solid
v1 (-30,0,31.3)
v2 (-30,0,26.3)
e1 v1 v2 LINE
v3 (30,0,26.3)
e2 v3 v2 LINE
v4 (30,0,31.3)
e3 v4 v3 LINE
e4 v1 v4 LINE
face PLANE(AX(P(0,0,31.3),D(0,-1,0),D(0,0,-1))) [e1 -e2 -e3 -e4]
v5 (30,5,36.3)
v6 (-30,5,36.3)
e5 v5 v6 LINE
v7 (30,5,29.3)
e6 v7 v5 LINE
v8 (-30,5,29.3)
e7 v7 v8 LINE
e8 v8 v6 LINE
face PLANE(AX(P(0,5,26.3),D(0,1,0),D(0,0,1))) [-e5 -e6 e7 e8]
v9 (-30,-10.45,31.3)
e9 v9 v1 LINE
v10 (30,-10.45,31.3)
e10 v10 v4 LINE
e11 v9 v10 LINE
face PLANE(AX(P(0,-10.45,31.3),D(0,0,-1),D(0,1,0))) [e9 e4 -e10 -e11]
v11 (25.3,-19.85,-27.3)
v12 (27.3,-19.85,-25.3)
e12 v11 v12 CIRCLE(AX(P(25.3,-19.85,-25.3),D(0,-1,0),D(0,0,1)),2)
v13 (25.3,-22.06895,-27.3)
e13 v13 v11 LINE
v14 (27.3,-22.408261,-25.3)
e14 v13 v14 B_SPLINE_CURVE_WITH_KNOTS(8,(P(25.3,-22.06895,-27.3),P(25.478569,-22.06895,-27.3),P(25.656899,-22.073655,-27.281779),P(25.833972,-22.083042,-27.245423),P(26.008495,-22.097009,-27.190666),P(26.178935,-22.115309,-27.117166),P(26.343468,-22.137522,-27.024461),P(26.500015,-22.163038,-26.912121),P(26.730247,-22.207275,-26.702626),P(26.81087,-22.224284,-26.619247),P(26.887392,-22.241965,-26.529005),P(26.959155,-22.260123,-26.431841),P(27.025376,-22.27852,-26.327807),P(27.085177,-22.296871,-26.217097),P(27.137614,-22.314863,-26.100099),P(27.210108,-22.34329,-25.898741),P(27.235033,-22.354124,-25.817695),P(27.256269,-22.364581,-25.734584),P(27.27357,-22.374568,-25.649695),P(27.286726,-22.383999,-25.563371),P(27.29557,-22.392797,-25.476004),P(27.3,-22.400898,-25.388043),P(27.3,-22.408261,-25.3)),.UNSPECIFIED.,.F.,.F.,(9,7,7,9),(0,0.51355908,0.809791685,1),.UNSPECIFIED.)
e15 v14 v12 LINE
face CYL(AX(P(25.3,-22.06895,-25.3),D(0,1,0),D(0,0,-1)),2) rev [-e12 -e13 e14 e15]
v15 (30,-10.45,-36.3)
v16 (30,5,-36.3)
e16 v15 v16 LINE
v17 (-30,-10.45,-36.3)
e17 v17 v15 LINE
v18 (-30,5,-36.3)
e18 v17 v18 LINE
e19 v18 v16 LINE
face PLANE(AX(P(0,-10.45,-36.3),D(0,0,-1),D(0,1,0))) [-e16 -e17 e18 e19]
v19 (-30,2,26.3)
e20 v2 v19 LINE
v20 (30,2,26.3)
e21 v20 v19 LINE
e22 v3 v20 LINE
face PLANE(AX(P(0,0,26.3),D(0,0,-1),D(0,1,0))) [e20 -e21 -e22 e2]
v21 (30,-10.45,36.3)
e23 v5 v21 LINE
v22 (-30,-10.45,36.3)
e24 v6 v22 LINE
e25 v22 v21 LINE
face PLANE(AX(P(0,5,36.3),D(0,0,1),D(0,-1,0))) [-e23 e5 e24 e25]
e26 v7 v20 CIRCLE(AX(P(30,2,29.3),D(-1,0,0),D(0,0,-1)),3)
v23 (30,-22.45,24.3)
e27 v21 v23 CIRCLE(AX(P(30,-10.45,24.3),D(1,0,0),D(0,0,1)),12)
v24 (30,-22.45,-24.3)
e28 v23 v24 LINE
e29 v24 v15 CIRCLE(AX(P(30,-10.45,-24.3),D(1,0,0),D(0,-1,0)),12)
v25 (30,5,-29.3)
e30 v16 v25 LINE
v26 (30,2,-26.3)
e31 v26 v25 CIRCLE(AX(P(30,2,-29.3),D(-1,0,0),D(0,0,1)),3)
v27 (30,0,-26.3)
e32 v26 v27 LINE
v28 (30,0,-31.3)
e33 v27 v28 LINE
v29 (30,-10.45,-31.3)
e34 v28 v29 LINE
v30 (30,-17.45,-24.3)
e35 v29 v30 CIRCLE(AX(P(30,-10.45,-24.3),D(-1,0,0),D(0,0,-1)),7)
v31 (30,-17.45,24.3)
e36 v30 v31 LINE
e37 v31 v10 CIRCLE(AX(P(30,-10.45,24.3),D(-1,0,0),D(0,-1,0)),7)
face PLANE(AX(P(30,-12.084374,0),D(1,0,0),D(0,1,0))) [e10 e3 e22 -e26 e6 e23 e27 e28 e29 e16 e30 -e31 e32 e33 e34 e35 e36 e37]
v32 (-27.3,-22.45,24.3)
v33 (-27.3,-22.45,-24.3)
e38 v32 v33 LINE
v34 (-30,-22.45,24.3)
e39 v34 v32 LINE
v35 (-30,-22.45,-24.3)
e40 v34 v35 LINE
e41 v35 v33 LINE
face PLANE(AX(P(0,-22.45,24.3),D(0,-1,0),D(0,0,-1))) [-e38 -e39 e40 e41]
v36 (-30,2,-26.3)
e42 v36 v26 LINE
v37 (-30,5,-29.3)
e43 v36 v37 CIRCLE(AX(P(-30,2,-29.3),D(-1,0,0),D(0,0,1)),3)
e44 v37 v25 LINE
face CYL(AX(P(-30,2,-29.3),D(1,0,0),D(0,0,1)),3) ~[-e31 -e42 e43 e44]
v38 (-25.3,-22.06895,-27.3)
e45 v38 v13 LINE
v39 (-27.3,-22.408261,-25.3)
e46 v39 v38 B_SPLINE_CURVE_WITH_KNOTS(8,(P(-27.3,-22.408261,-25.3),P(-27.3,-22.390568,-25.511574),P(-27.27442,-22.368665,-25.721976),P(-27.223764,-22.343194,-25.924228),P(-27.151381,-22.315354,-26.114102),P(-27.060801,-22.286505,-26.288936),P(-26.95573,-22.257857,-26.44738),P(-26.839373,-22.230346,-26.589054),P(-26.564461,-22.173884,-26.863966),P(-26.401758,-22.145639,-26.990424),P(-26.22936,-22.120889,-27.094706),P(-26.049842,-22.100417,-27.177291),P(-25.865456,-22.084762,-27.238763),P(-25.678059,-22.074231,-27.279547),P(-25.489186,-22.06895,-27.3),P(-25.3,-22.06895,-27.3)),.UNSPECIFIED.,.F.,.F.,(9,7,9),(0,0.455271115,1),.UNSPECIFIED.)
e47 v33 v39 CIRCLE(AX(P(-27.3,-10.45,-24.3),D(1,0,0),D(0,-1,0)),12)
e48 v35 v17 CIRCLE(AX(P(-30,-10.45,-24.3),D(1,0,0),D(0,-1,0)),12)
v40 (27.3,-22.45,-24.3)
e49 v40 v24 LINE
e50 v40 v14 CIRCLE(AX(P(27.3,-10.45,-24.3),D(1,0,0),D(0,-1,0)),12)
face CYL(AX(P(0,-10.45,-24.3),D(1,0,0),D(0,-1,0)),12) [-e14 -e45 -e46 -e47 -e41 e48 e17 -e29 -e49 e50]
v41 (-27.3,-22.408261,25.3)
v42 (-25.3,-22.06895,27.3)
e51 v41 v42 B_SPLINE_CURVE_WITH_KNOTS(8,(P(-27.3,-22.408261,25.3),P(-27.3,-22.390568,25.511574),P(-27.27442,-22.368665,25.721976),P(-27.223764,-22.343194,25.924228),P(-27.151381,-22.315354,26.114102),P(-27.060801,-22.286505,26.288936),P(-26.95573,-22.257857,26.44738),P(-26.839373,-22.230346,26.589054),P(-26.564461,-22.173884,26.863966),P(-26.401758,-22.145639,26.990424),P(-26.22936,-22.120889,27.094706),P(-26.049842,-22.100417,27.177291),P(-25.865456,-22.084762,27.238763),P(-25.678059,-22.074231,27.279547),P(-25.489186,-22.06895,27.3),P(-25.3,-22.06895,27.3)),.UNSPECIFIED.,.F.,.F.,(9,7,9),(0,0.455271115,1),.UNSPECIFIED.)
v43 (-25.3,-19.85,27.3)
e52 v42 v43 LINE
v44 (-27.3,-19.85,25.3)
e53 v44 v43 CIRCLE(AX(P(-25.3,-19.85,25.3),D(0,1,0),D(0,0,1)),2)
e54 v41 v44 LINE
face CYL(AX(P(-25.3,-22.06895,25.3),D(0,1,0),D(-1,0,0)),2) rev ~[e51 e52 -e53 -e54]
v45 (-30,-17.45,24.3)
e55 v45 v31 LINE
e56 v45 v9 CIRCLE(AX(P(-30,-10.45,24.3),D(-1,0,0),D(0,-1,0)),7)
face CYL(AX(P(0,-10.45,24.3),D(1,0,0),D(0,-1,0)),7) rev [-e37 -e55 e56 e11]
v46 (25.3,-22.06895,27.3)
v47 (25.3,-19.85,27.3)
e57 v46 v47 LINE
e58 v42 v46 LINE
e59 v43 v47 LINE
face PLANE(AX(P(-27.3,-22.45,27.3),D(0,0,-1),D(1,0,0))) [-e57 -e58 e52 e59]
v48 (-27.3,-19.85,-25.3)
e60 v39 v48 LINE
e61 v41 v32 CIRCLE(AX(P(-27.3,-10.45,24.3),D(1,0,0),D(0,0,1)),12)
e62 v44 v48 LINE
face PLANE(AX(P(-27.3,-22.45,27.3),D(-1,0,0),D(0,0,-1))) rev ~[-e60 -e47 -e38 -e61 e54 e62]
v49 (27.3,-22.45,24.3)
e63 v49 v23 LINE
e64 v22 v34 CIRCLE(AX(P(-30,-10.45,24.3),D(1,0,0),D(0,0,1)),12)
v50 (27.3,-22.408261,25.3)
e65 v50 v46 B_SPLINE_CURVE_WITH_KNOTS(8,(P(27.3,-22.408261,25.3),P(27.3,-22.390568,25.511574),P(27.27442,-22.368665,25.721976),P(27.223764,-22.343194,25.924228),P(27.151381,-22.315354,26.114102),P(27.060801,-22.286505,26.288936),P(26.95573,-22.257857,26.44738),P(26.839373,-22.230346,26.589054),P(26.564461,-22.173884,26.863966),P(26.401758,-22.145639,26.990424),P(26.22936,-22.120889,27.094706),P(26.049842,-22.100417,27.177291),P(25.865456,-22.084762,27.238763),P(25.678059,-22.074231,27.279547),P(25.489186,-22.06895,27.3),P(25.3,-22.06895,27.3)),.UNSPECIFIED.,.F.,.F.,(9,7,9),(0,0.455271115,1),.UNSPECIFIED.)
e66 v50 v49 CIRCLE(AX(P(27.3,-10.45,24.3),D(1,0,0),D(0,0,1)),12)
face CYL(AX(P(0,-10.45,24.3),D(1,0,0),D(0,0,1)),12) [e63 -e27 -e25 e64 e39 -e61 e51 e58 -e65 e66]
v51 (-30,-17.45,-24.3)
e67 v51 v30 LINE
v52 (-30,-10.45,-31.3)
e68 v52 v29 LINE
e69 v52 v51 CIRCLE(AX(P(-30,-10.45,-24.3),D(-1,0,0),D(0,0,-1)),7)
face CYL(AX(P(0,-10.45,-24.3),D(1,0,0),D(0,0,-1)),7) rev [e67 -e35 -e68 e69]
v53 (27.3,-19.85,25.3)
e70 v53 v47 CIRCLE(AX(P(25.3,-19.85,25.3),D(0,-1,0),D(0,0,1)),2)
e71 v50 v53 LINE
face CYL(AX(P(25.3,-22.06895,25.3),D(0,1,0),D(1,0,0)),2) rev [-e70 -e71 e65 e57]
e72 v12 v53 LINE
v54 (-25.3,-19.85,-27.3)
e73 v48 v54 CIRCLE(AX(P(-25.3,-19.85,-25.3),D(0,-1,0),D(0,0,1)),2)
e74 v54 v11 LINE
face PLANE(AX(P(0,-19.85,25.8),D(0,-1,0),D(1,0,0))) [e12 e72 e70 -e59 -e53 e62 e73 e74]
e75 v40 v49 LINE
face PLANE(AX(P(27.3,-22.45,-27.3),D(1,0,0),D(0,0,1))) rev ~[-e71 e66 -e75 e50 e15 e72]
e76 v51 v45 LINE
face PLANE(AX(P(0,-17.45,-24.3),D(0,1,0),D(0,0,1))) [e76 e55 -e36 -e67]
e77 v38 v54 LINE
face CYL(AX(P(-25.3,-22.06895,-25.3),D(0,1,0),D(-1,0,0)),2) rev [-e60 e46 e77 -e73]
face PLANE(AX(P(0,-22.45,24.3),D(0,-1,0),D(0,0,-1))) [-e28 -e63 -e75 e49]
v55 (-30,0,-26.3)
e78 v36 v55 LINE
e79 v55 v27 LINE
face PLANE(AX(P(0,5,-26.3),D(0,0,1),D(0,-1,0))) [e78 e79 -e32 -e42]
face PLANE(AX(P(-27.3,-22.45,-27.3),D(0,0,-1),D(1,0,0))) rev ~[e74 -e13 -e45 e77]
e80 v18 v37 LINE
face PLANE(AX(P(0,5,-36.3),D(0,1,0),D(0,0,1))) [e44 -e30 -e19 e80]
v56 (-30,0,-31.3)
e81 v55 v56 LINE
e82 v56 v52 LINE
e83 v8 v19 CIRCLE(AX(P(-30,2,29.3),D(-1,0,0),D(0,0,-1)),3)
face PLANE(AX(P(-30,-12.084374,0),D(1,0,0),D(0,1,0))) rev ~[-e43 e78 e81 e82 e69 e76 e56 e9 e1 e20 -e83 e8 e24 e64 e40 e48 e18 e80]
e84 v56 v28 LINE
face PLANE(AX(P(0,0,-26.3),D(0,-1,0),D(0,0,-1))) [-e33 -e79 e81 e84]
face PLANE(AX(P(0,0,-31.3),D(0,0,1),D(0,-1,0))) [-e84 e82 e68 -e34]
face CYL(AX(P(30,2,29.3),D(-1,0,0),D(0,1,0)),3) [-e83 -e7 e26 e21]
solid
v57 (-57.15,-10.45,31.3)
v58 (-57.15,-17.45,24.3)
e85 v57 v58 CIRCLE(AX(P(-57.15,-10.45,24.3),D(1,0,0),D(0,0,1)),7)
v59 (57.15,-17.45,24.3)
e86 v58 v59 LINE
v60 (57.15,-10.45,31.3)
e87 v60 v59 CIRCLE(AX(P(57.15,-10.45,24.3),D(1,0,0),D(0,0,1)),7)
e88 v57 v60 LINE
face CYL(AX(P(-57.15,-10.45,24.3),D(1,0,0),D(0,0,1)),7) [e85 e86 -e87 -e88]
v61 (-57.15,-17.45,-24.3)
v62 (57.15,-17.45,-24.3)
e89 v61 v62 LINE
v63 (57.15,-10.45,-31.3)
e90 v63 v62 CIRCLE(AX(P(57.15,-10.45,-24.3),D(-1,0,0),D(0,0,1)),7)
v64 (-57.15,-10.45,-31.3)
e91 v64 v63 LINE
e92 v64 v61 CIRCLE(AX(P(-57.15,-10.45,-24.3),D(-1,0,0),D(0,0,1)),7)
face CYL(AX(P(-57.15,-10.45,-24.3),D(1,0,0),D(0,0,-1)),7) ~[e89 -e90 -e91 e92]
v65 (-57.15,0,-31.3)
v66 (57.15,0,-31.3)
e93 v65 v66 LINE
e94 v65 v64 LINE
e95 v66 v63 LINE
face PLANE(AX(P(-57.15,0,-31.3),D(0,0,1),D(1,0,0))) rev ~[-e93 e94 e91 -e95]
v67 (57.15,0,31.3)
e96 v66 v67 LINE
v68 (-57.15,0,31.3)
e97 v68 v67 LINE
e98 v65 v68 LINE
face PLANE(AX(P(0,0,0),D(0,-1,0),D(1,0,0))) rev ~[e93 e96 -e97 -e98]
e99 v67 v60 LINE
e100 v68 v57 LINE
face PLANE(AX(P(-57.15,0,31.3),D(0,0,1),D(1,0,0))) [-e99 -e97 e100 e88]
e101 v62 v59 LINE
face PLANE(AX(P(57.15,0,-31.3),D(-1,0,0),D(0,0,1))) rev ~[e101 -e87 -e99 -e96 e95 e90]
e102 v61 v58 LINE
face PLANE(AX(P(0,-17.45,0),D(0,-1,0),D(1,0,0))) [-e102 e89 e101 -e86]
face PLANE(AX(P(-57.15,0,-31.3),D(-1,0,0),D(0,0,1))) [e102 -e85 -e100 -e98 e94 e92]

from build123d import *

# Parameters (mm, degrees)
F0_W     = 114.3
F0_H     = 62.6
F1_DEPTH = 17.45
F2_R     = 7
F4_DEPTH = 30
F5_R     = 3
F6_W     = 54.6
F6_H     = 3
F6_H_2   = 48.6
F7_DEPTH = 2.6
F8_R     = 2


with BuildPart() as f1:
    # F0 (on Front) → F1 (new body)
    with BuildSketch(Plane.XZ):
        Rectangle(F0_W, F0_H)
    extrude(amount=F1_DEPTH)

    # F2
    f2_edges = [f1.edges().sort_by_distance(p)[0] for p in [
        (0, -17.45, 31.3),
        (0, -17.45, -31.3),
    ]]
    fillet(f2_edges, radius=F2_R)


with BuildPart() as f4:
    # F3 (on Right) → F4 (new body, symmetric)
    with BuildSketch(Plane.YZ):
        with BuildLine():
            Line((5, 36.3), (-10.45, 36.3))
            ThreePointArc((-10.45, 36.3), (-18.9352813742, 32.7852813742), (-22.45, 24.3))
            Line((-22.45, 24.3), (-22.45, -24.3))
            ThreePointArc((-22.45, -24.3), (-18.9352813742, -32.7852813742), (-10.45, -36.3))
            Line((-10.45, -36.3), (5, -36.3))
            Line((5, -36.3), (5, -26.3))
            Line((5, -26.3), (0, -26.3))
            Line((0, -26.3), (0, -31.3))
            Line((0, -31.3), (-10.45, -31.3))
            ThreePointArc((-10.45, -31.3), (-15.3997474683, -29.2497474683), (-17.45, -24.3))
            Line((-17.45, -24.3), (-17.45, 24.3))
            ThreePointArc((-17.45, 24.3), (-15.3997474683, 29.2497474683), (-10.45, 31.3))
            Line((-10.45, 31.3), (0, 31.3))
            Line((0, 31.3), (0, 26.3))
            Line((0, 26.3), (5, 26.3))
            Line((5, 26.3), (5, 36.3))
        make_face()
    extrude(amount=F4_DEPTH, both=True)

    # F5
    f5_edges = [f4.edges().sort_by_distance(p)[0] for p in [
        (0, 5, 26.3),
        (0, 5, -26.3),
    ]]
    fillet(f5_edges, radius=F5_R)

    # F6 (on face) → F7 (cut)
    with BuildSketch(Plane.XZ.offset(22.45)):
        with Locations((0, 25.8)):
            Rectangle(F6_W, F6_H)
        with Locations((0, -25.8)):
            Rectangle(F6_W, F6_H)
        Rectangle(F6_W, F6_H_2)
    extrude(amount=-F7_DEPTH, mode=Mode.SUBTRACT)

    # F8
    f8_edges = [f4.edges().sort_by_distance(p)[0] for p in [
        (-27.3, -20.959475, 27.3),
        (27.3, -20.959475, 27.3),
        (27.3, -20.959475, -27.3),
        (-27.3, -20.959475, -27.3),
    ]]
    fillet(f8_edges, radius=F8_R)


solid = Compound([f1.part, f4.part])
